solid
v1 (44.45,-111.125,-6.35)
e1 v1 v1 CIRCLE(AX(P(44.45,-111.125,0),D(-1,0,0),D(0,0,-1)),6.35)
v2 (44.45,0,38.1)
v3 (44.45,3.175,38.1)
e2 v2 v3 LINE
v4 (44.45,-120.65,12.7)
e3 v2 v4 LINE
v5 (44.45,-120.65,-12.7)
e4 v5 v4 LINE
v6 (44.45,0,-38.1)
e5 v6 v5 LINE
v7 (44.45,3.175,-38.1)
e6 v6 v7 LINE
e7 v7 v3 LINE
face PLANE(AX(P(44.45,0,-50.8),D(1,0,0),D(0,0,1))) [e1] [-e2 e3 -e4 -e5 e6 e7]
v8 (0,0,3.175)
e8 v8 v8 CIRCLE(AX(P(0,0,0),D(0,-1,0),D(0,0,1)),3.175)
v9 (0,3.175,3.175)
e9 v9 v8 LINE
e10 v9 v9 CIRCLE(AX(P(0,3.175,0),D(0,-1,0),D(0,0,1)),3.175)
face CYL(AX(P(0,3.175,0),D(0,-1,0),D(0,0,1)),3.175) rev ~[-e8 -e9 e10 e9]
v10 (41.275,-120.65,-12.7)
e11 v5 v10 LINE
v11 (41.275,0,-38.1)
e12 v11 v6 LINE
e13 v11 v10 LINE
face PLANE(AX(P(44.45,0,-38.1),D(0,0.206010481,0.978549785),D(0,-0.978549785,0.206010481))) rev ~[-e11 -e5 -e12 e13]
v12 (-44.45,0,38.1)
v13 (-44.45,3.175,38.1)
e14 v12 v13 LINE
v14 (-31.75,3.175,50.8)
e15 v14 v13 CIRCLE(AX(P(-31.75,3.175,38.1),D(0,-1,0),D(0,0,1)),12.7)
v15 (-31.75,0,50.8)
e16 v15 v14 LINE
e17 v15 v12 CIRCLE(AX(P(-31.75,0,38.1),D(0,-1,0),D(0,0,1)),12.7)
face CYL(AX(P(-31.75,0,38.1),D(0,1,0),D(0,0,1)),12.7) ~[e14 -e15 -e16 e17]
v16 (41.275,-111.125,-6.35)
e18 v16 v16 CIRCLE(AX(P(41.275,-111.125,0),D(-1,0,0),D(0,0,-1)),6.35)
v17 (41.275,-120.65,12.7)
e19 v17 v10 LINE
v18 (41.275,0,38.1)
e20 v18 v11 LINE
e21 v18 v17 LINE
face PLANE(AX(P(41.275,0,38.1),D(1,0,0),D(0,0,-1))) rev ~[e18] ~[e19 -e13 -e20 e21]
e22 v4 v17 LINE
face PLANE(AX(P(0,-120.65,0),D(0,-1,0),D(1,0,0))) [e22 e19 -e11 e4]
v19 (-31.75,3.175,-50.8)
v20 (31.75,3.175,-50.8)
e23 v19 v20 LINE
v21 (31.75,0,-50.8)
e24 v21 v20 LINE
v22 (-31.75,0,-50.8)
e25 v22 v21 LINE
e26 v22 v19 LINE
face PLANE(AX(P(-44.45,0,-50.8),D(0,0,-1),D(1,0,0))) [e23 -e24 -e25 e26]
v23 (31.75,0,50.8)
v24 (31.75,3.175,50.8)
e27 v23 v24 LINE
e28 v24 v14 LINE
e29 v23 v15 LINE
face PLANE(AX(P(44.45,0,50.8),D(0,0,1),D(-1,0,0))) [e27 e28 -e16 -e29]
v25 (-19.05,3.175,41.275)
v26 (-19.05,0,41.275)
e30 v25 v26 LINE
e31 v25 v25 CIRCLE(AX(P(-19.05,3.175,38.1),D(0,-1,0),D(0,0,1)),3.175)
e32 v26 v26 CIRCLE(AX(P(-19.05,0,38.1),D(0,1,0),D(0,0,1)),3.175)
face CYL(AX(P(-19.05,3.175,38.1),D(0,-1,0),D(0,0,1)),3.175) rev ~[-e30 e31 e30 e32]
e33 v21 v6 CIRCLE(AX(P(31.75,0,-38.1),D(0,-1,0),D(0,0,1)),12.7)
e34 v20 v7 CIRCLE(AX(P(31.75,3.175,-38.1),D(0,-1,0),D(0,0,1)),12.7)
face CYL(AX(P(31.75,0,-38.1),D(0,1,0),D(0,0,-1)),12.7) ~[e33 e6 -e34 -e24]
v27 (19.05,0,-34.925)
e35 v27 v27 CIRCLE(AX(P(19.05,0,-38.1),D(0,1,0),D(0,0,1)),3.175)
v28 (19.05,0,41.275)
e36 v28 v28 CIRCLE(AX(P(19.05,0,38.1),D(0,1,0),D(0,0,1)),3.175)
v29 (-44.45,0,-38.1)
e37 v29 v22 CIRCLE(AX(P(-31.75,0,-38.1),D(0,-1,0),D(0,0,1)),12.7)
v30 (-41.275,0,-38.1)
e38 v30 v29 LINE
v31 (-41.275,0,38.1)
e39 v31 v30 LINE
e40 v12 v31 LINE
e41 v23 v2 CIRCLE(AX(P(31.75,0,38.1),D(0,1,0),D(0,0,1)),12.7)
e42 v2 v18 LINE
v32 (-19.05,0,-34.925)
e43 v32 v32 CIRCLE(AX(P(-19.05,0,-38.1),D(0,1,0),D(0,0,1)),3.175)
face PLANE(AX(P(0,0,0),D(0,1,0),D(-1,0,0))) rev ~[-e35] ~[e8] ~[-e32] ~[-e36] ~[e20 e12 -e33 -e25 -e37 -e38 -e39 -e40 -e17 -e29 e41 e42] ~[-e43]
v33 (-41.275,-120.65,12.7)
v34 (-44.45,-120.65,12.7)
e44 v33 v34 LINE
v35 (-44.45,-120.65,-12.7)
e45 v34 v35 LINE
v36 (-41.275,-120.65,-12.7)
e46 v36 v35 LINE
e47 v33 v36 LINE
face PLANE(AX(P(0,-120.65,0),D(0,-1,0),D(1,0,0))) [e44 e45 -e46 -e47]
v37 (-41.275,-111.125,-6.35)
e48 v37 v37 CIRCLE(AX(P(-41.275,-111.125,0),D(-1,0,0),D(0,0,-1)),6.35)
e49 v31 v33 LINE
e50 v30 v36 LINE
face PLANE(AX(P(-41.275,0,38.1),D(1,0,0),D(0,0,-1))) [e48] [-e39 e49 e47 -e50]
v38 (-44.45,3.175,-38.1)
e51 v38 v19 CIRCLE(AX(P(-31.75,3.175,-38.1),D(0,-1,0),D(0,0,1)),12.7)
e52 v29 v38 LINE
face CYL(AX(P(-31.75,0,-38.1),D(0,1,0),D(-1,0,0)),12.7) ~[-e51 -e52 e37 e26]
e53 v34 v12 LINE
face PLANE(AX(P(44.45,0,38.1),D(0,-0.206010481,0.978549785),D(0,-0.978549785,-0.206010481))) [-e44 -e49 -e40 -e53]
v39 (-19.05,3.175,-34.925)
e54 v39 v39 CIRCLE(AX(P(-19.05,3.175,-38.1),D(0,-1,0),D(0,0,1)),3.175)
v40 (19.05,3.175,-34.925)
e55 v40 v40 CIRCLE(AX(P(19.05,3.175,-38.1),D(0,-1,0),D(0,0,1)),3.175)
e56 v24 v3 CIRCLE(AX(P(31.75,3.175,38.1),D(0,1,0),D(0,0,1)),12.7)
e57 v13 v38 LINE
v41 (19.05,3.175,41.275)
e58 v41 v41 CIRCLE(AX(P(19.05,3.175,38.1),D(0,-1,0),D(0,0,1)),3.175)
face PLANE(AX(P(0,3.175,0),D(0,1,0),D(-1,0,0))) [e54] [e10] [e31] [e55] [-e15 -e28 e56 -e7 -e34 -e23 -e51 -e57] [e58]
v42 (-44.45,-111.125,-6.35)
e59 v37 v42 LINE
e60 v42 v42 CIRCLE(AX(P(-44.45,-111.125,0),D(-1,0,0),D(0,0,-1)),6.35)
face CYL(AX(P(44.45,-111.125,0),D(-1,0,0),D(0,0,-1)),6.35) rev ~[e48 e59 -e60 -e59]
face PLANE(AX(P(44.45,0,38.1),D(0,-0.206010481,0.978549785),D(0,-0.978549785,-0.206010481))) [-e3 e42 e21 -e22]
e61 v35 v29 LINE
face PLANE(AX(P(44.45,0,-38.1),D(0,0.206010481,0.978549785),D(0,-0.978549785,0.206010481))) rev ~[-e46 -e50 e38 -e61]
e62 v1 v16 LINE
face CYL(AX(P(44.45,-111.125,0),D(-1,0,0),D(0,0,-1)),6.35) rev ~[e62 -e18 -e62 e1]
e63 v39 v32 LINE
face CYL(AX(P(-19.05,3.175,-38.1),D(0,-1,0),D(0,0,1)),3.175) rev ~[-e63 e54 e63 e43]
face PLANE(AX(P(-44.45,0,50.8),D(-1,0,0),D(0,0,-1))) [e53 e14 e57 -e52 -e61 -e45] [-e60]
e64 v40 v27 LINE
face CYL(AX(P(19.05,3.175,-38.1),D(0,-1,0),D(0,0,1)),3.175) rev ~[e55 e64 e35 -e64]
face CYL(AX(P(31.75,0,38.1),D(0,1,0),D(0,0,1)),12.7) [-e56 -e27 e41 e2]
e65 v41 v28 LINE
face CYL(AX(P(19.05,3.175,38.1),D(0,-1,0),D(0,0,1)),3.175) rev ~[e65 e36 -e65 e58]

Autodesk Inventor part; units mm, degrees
ref_plane "YZ Plane" through (0, 0, 0) normal (1, 0, 0) x (0, 1, 0)
ref_plane "XZ Plane" through (0, 0, 0) normal (0, 1, 0) x (-1, 0, 0)
ref_plane "XY Plane" through (0, 0, 0) normal (0, 0, 1) x (1, 0, 0)
sketch "Sketch2" plane through (0, 0, 0) normal (0, 1, 0) x (-1, 0, 0)
  line L0 (-44.45, 50.8) -> (44.45, 50.8)
  line L1 (44.45, 50.8) -> (44.45, -50.8)
  line L2 (44.45, -50.8) -> (-44.45, -50.8)
  line L3 (-44.45, -50.8) -> (-44.45, 50.8)
  point P0 (0, 0)
  dimension "d0" = 44.45
  dimension "d1" = 44.45
  dimension "d2" = 50.8
  dimension "d3" = 50.8
extrude "Extrusion1" add sketch "Sketch2" along normal blind 3.175
fillet "Fillet1" radius 12.7 4 edges at (44.45, 1.5875, 50.8) (-44.45, 1.5875, 50.8) (44.45, 1.5875, -50.8) (-44.45, 1.5875, -50.8)
sketch "Sketch3" plane through (0, 3.175, 0) normal (0, 1, 0) x (1, 0, 0)
  line L0 (-19.05, 38.1) -> (19.05, 38.1) construction
  line L1 (19.05, 38.1) -> (19.05, -38.1) construction
  line L2 (19.05, -38.1) -> (-19.05, -38.1) construction
  line L3 (-19.05, -38.1) -> (-19.05, 38.1) construction
  point P0 (0, 0)
  point P1 (0, 0)
  point P2 (-19.05, 0)
  point P3 (0, 38.1)
  dimension "d36" = 38.1
  dimension "d37" = 76.2
hole "Hole1" at (-19.05, 3.175, -38.1) at (19.05, 3.175, -38.1) at (19.05, 3.175, 38.1) at (-19.05, 3.175, 38.1) at (0, 3.175, 0) direction (0, -1, 0) diameter 6.35 end through all
sketch "Sketch4" plane through (0, 0, 0) normal (0, -1, 0) x (1, 0, 0)
  circle A0 centre (-19.05, 38.1) radius 3.175 projected
  line L0 (44.45, -38.1) -> (44.45, 38.1) projected
  line L1 (-44.45, 38.1) -> (-44.45, -38.1) projected
  line L2 (44.45, 38.1) -> (41.275, 38.1)
  line L3 (41.275, 38.1) -> (41.275, -38.1)
  line L4 (41.275, -38.1) -> (44.45, -38.1)
  line L5 (44.45, -38.1) -> (44.45, 38.1)
  line L6 (-44.45, 38.1) -> (-41.275, 38.1)
  line L7 (-41.275, 38.1) -> (-41.275, -38.1)
  line L8 (-41.275, -38.1) -> (-44.45, -38.1)
  line L9 (-44.45, -38.1) -> (-44.45, 38.1)
  dimension "d18" = 3.175
  dimension "d19" = 3.175
  dimension "d20" = 76.2
  dimension "d21" = 76.2
extrude "Extrusion2" add sketch "Sketch4" along normal blind 120.65 contours L4 L3 L2 L0 | L6 L7 L8 L1
sketch "Sketch5" plane through (44.45, 3.175, 38.1) normal (1, 0, 0) x (0, 0, -1)
  line L0 (0, -3.175) -> (0, -123.825) projected
  line L1 (76.2, -3.175) -> (76.2, -123.825) projected
  line L2 (0, -3.175) -> (25.4, -123.825)
  line L3 (76.2, -3.175) -> (50.8, -123.825)
  line L4 (0, -3.175) -> (0, -123.825)
  line L5 (25.4, -123.825) -> (0, -123.825)
  line L6 (50.8, -123.825) -> (76.2, -123.825)
  line L7 (76.2, -123.825) -> (76.2, -3.175)
  point P0 (38.1, -3.175)
extrude "Extrusion3" cut sketch "Sketch5" against normal blind 127
sketch "Sketch6" plane through (44.45, 3.175, 38.1) normal (1, 0, 0) x (0, 0, -1)
  line L0 (25.4, -123.825) -> (50.8, -123.825) projected
  point P0 (38.1, -3.175)
  point P1 (38.1, -114.3)
  dimension "d28" = 9.525
hole "Hole2" at (44.45, -111.125, 0) direction (-1, 0, 0) diameter 12.7 end through all
equation "\"d1\" = d0"
equation "\"d3\" = d2"
equation "\"d4\" = metalThickness"
equation "\"d18\" = metalThickness"
equation "\"d19\" = metalThickness"
equation "\"d21\" = d20"
equation "\"metalThickness\" = 3.175"
properties part number "Caster2"
